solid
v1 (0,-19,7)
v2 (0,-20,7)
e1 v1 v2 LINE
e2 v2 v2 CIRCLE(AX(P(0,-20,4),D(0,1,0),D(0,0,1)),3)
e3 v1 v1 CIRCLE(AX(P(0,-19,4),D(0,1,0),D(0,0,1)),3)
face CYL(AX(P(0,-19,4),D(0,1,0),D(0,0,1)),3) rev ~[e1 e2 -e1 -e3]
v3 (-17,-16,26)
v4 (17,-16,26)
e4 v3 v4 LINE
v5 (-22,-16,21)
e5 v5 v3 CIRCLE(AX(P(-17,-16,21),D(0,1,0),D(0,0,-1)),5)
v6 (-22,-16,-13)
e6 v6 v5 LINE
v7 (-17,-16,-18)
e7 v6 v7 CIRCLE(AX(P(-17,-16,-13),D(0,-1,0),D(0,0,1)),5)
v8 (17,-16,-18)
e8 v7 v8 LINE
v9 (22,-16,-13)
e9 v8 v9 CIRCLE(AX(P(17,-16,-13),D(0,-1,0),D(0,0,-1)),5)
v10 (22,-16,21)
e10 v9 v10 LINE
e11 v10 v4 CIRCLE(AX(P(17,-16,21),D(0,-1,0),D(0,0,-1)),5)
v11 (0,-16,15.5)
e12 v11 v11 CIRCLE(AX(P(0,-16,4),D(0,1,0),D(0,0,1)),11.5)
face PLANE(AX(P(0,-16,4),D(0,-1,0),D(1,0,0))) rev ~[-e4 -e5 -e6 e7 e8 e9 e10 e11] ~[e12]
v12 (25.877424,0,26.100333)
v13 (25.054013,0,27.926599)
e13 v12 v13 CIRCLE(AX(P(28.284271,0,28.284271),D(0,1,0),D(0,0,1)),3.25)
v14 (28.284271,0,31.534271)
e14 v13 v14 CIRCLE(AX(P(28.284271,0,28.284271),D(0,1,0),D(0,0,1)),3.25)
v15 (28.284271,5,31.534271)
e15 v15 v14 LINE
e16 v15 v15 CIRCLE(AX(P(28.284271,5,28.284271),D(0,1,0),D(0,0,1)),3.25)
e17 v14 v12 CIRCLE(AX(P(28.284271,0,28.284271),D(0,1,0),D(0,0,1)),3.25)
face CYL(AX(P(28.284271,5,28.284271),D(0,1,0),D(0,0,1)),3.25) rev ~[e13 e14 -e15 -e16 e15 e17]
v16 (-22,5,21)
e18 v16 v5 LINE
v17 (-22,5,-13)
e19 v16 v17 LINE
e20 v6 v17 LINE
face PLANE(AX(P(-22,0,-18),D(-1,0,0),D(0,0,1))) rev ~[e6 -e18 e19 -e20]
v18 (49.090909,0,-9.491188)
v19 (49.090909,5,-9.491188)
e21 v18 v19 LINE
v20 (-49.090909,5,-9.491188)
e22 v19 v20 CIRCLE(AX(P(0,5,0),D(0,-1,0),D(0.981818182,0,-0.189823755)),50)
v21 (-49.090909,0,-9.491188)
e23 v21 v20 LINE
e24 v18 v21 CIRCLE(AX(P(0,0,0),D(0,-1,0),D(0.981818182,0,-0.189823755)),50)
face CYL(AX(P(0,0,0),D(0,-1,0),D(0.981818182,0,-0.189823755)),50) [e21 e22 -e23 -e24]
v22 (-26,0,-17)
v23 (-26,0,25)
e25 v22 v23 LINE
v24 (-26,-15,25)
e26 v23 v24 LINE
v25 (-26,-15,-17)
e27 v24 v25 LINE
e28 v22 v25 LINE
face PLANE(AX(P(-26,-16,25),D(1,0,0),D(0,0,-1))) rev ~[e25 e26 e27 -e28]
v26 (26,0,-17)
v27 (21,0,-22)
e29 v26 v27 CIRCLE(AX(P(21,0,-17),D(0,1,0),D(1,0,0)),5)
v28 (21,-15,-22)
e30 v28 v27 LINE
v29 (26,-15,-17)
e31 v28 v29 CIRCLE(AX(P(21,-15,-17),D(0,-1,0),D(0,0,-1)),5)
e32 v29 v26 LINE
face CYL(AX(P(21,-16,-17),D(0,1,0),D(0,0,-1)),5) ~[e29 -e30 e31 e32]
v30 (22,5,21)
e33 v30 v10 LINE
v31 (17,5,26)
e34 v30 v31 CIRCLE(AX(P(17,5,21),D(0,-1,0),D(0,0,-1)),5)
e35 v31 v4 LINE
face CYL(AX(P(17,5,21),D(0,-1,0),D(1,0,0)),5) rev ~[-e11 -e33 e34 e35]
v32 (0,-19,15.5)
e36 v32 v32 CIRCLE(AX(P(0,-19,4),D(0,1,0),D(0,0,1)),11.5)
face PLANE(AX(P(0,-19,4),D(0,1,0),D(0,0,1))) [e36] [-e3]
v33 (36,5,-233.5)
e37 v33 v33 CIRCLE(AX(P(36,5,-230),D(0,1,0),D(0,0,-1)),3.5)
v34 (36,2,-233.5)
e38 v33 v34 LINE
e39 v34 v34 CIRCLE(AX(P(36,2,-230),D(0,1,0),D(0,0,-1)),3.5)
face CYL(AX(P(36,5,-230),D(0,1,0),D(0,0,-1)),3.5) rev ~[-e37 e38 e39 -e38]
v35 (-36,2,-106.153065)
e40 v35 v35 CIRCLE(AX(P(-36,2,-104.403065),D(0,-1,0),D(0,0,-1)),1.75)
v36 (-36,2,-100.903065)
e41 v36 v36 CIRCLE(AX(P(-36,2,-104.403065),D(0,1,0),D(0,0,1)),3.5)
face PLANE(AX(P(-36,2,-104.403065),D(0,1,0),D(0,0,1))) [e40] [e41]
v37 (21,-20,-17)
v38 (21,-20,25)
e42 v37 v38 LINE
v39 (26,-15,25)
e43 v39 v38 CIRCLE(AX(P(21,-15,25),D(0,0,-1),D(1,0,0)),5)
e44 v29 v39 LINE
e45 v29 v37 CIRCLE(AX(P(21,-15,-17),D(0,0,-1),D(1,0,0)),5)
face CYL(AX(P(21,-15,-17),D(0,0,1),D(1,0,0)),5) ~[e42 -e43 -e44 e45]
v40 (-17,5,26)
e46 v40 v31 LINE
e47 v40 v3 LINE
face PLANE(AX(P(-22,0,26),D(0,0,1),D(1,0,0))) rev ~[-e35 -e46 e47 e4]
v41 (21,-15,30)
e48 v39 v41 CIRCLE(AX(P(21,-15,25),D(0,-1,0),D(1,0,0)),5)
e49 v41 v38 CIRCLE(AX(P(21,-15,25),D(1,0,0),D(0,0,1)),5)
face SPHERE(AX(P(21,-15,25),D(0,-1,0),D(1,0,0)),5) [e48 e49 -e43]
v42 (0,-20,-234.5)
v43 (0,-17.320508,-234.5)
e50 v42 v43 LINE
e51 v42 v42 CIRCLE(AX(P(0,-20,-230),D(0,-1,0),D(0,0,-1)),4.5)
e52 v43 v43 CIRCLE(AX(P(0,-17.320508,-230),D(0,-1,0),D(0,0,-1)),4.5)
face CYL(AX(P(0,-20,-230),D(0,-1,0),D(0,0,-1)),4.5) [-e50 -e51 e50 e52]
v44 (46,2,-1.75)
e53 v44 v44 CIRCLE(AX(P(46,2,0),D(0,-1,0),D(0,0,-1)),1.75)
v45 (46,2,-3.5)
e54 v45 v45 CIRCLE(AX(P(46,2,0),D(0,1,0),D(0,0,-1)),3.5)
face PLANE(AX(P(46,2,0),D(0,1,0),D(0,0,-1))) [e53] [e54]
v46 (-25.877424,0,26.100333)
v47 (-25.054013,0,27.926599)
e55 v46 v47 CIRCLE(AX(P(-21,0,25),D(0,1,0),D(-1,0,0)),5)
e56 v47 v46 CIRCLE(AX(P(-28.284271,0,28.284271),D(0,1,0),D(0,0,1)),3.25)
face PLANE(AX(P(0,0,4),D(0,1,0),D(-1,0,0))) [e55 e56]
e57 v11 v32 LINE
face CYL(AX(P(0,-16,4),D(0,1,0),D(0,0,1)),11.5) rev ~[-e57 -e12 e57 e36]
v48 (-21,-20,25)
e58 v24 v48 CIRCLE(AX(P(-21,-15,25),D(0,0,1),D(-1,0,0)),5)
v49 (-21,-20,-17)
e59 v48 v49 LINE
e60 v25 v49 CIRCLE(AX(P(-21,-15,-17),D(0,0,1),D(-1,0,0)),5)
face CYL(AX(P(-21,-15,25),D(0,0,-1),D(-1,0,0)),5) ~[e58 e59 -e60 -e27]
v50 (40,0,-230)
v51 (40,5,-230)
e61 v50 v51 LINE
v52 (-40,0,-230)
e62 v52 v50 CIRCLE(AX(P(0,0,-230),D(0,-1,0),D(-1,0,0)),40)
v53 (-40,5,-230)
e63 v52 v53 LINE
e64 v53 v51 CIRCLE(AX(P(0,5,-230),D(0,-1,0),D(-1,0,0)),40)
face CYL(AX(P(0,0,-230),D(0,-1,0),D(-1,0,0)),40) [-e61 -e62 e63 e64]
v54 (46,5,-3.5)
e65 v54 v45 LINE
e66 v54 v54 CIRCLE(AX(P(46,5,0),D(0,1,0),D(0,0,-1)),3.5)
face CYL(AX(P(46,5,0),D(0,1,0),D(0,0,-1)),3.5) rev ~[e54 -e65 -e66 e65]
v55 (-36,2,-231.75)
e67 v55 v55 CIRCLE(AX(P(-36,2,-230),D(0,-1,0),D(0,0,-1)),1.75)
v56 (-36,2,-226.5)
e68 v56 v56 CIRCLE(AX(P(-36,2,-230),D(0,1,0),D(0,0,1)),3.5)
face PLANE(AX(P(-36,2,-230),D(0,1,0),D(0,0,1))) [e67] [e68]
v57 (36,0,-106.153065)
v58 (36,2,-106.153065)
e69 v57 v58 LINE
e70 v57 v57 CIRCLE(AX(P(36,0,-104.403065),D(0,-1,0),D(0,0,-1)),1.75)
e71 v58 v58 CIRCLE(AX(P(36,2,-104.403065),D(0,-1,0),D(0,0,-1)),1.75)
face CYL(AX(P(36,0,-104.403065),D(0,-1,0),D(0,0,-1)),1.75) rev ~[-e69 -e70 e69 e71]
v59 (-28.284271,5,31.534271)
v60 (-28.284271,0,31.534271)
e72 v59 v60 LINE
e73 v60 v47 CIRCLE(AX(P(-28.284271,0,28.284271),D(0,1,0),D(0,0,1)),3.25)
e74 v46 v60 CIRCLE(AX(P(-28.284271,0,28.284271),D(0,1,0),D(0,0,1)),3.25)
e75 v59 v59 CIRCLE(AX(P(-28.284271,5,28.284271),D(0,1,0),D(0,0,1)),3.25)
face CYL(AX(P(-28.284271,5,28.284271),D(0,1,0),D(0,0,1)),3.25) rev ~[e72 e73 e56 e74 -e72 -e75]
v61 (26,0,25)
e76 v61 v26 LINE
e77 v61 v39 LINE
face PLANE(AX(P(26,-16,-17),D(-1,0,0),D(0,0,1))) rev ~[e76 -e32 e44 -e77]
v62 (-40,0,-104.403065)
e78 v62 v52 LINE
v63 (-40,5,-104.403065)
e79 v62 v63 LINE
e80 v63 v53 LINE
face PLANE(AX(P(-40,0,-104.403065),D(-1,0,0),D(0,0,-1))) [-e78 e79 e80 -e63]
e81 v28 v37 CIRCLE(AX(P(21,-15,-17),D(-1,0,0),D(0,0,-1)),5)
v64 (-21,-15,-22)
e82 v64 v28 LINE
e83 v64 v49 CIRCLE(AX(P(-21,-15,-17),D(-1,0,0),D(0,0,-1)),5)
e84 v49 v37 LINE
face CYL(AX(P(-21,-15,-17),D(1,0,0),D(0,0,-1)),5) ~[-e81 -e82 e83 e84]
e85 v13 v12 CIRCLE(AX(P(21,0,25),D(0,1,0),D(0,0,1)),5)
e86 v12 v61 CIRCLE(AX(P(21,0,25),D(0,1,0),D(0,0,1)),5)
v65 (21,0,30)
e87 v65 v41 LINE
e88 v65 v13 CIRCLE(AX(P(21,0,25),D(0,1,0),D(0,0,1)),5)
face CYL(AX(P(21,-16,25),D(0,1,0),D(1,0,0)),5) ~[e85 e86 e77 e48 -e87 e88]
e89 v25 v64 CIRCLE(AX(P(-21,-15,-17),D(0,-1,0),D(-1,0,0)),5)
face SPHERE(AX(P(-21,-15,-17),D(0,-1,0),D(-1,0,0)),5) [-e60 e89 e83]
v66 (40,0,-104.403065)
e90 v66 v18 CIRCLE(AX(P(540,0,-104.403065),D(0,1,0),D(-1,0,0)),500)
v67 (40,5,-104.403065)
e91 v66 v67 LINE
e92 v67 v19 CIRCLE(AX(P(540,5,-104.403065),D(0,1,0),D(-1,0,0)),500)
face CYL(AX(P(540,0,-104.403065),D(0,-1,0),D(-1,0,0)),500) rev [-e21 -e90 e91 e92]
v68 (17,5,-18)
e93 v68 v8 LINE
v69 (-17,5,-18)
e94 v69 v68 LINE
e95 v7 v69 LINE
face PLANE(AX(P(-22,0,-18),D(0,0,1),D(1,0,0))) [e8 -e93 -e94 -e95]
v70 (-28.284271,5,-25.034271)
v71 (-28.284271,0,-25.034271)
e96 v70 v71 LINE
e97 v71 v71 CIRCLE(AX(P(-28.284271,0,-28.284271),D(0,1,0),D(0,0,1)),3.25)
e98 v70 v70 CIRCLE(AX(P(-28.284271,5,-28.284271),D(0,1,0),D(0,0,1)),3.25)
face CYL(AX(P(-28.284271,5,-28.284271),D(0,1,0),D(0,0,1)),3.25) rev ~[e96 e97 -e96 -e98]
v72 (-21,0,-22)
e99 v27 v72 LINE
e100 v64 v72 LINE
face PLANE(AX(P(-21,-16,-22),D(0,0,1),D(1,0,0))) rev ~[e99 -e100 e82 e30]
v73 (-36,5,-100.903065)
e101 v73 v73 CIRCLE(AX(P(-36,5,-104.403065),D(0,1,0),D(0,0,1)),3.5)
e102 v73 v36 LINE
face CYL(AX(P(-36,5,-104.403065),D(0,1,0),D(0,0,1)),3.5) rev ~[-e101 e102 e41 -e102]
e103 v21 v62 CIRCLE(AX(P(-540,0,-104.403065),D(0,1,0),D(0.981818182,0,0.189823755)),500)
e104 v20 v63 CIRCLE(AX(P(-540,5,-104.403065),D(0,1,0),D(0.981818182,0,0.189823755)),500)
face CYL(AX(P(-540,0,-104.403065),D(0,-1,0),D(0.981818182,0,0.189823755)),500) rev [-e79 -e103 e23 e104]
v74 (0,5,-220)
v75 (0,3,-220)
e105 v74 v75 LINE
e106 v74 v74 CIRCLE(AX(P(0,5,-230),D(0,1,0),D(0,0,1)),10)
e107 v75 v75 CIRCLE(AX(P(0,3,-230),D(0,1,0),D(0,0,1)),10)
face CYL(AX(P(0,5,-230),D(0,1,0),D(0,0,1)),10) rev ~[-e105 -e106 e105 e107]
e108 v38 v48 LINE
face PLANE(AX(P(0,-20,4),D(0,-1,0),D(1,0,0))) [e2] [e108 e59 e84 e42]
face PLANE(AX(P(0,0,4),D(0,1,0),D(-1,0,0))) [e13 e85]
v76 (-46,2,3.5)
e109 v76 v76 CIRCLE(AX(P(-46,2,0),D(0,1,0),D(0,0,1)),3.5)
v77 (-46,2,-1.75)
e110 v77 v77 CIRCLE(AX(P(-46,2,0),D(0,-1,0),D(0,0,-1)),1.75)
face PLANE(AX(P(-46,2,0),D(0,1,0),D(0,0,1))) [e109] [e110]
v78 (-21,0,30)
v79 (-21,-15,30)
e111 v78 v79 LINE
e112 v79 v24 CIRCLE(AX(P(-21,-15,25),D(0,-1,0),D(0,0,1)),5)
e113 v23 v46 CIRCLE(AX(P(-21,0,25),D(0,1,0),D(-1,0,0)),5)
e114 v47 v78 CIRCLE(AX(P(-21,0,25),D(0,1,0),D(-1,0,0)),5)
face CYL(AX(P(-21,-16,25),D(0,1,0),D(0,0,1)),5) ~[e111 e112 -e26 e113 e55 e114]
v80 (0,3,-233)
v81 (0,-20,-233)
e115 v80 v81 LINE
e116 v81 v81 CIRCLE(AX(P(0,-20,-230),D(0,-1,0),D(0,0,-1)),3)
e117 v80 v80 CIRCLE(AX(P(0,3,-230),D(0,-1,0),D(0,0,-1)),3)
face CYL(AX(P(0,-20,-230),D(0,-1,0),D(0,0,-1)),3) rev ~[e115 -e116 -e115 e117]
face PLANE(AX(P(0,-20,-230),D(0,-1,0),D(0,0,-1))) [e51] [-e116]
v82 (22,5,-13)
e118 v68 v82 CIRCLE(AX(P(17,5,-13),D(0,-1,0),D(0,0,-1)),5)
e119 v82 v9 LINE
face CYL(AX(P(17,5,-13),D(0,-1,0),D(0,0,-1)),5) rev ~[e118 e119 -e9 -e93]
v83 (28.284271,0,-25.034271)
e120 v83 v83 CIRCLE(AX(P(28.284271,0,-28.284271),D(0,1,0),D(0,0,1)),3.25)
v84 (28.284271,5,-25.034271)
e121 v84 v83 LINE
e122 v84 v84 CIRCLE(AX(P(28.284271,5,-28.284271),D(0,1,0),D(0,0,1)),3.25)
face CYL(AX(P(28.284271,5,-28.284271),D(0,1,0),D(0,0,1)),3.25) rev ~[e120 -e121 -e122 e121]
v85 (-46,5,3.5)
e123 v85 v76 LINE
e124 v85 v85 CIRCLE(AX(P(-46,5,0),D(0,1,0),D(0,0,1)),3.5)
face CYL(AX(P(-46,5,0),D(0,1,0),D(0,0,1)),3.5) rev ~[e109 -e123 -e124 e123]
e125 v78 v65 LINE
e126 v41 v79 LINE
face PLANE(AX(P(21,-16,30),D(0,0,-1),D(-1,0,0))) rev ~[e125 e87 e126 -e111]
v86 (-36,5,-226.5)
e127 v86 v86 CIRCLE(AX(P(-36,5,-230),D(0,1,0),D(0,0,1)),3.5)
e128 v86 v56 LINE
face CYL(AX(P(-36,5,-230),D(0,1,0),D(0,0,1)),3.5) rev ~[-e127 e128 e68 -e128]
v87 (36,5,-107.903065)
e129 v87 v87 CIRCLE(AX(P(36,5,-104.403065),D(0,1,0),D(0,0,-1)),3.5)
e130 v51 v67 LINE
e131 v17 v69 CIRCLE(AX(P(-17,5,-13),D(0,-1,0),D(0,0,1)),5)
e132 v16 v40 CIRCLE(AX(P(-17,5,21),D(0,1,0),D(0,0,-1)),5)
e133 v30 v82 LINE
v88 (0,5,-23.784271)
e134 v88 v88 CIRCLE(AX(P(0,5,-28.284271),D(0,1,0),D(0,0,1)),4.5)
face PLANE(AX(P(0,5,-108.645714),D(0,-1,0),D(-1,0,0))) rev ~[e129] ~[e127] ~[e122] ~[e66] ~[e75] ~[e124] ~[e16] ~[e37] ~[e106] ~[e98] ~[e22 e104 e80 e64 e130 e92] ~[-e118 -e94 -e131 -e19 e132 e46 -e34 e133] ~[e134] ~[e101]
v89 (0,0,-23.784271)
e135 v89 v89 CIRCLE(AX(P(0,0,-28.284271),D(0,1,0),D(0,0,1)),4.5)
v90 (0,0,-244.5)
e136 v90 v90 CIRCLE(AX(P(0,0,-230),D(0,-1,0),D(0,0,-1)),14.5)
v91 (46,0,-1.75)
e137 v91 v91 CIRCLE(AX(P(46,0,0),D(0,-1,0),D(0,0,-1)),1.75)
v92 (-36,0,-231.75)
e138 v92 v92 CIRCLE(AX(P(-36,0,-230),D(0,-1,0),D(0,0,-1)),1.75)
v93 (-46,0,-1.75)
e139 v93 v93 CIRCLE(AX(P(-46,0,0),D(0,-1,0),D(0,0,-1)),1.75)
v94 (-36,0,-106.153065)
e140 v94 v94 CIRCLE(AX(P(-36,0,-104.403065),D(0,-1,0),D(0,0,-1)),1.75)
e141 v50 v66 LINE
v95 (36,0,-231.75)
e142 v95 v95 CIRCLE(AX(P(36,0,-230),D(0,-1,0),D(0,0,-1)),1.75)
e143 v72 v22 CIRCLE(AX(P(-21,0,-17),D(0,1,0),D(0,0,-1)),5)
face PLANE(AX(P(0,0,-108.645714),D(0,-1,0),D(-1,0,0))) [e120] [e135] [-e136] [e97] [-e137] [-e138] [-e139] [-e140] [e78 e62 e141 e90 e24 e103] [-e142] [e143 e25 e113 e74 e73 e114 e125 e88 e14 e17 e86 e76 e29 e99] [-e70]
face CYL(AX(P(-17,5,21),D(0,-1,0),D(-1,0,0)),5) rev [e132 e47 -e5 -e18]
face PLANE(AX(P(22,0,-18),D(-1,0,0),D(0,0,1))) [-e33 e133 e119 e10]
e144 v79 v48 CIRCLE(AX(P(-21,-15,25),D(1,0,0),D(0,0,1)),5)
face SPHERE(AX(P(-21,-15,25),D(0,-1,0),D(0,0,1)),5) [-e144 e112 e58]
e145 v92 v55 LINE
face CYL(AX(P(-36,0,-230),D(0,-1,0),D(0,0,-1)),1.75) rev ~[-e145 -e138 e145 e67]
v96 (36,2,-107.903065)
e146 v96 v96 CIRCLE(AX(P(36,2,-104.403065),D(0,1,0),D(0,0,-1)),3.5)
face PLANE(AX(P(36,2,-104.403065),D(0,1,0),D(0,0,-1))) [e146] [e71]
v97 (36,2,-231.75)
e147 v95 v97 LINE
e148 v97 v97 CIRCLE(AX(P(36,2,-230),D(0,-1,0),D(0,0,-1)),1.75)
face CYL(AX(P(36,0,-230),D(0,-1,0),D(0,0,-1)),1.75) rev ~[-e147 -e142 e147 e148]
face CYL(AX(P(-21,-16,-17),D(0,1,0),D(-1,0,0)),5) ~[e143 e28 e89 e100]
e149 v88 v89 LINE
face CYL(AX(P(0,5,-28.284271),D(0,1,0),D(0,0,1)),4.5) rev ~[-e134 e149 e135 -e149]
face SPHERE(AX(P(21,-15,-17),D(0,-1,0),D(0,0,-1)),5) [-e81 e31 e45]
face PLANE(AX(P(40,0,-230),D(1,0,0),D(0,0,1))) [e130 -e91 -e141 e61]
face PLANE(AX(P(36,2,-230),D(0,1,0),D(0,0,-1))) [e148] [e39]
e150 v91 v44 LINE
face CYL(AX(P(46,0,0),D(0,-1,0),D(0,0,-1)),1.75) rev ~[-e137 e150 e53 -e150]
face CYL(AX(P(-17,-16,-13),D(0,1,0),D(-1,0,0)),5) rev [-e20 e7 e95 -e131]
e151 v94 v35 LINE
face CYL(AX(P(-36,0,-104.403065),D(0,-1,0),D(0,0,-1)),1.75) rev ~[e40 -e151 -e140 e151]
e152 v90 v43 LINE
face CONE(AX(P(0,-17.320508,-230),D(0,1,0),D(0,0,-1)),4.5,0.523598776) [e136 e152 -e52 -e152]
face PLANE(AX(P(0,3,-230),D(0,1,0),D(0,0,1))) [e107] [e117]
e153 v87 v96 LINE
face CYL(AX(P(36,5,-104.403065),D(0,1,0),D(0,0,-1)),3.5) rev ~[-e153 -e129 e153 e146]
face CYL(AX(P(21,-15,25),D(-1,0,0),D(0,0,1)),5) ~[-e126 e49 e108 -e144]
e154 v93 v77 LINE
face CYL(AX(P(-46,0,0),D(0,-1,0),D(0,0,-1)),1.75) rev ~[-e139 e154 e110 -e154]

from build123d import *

# Parameters (mm, degrees)
EXTRUDE_1_DEPTH      = 5
SKETCH_2_R           = 3.25
CUT_EXTRUDE_1_DEPTH  = 5
SKETCH_10_R          = 1.75
CUT_EXTRUDE_8_DEPTH  = 45
SKETCH_11_R          = 3.5
CUT_EXTRUDE_9_DEPTH  = 3
SKETCH_12_W          = 44
SKETCH_12_H          = 44
CUT_EXTRUDE_10_DEPTH = 5
SKETCH_13_W          = 44
SKETCH_13_H          = 44
EXTRUDE_2_DEPTH      = 16
EXTRUDE_3_DEPTH      = 4
FILLET_1_R           = 5
SKETCH_16_R          = 11.5
CUT_EXTRUDE_11_DEPTH = 3
SKETCH_17_R          = 3
CUT_EXTRUDE_12_DEPTH = 3
FILLET_2_R           = 5
SKETCH_20_R          = 3
CUT_EXTRUDE_14_DEPTH = 39
EXTRUDE_START        = 20
SKETCH_21_R          = 4.5
SKETCH_21_R_2        = 3
EXTRUDE_4_DEPTH      = 20
CHAMFER_1_SIZE       = 10
CHAMFER_1_SIZE2      = 17.320508076
SKETCH_22_R          = 10
CUT_EXTRUDE_15_DEPTH = 2
SKETCH_23_R          = 4.5
CUT_EXTRUDE_16_DEPTH = 5


with BuildPart() as part:
    # 草图1 → 凸台-拉伸1 (new body)
    with BuildSketch(Plane(origin=(0, 0, 0), x_dir=(1, 0, 0), z_dir=(0, 1, 0))):
        with BuildLine():
            Line((-40, 104.403065089), (-40, 230))
            ThreePointArc((-40, 230), (0, 270), (40, 230))
            Line((40, 230), (40, 104.403065089))
            ThreePointArc((40, 104.403065089), (42.277916175, 56.729935627), (49.090909091, 9.491187735))
            ThreePointArc((49.090909091, 9.491187735), (0, -50), (-49.090909091, 9.491187735))
            ThreePointArc((-49.090909091, 9.491187735), (-42.277916175, 56.729935627), (-40, 104.403065089))
        make_face()
    extrude(amount=EXTRUDE_1_DEPTH)

    # 草图2 → 切除-拉伸1 (cut)
    with BuildSketch(Plane(origin=(0, 5, 0), x_dir=(1, 0, 0), z_dir=(0, 1, 0))):
        with Locations(Location((28.284271247, 28.284271247, 0), (0, 0, 270))):
            Circle(SKETCH_2_R)
        with Locations(Location((28.284271247, -28.284271247, 0), (0, 0, 270))):
            Circle(SKETCH_2_R)
        with Locations(Location((-28.284271247, -28.284271247, 0), (0, 0, 270))):
            Circle(SKETCH_2_R)
        with Locations(Location((-28.284271247, 28.284271247, 0), (0, 0, 270))):
            Circle(SKETCH_2_R)
    extrude(amount=-CUT_EXTRUDE_1_DEPTH, mode=Mode.SUBTRACT)

    # 草图10 → 切除-拉伸8 (cut)
    with BuildSketch(Plane.XZ):
        with Locations(Location((46, 0, 0), (0, 0, 270))):
            Circle(SKETCH_10_R)
        with Locations(Location((36, -104.403065089, 0), (0, 0, 270))):
            Circle(SKETCH_10_R)
        with Locations(Location((36, -230, 0), (0, 0, 270))):
            Circle(SKETCH_10_R)
        with Locations(Location((-36, -230, 0), (0, 0, 270))):
            Circle(SKETCH_10_R)
        with Locations(Location((-36, -104.403065089, 0), (0, 0, 270))):
            Circle(SKETCH_10_R)
        with Locations(Location((-46, 0, 0), (0, 0, 270))):
            Circle(SKETCH_10_R)
    extrude(amount=-CUT_EXTRUDE_8_DEPTH, mode=Mode.SUBTRACT)

    # 草图11 → 切除-拉伸9 (cut)
    with BuildSketch(Plane(origin=(0, 5, 0), x_dir=(1, 0, 0), z_dir=(0, 1, 0))):
        with Locations(Location((-36, 230, 0), (0, 0, 270))):
            Circle(SKETCH_11_R)
        with Locations(Location((-36, 104.403065089, 0), (0, 0, 270))):
            Circle(SKETCH_11_R)
        with Locations(Location((-46, 0, 0), (0, 0, 270))):
            Circle(SKETCH_11_R)
        with Locations(Location((46, 0, 0), (0, 0, 90))):
            Circle(SKETCH_11_R)
        with Locations(Location((36, 104.403065089, 0), (0, 0, 90))):
            Circle(SKETCH_11_R)
        with Locations(Location((36, 230, 0), (0, 0, 90))):
            Circle(SKETCH_11_R)
    extrude(amount=-CUT_EXTRUDE_9_DEPTH, mode=Mode.SUBTRACT)

    # 草图12 → 切除-拉伸10 (cut)
    with BuildSketch(Plane(origin=(0, 5, 0), x_dir=(1, 0, 0), z_dir=(0, 1, 0))):
        with Locations((0, -4)):
            Rectangle(SKETCH_12_W, SKETCH_12_H)
    extrude(amount=-CUT_EXTRUDE_10_DEPTH, mode=Mode.SUBTRACT)

    # 草图13 → 凸台-拉伸2 (add)
    with BuildSketch(Plane.XZ):
        with BuildLine():
            Line((-21, 30), (21, 30))
            ThreePointArc((21, 30), (24.535533906, 28.535533906), (26, 25))
            Line((26, 25), (26, -17))
            ThreePointArc((26, -17), (24.535533906, -20.535533906), (21, -22))
            Line((21, -22), (-21, -22))
            ThreePointArc((-21, -22), (-24.535533906, -20.535533906), (-26, -17))
            Line((-26, -17), (-26, 25))
            ThreePointArc((-26, 25), (-24.535533906, 28.535533906), (-21, 30))
        make_face()
        with Locations((0, 4)):
            Rectangle(SKETCH_13_W, SKETCH_13_H, mode=Mode.SUBTRACT)
    extrude(amount=EXTRUDE_2_DEPTH)

    # 草图15 → 凸台-拉伸3 (add)
    with BuildSketch(Plane.XZ.offset(16)):
        with BuildLine():
            Line((26, -17), (26, 25))
            ThreePointArc((26, 25), (24.535533906, 28.535533906), (21, 30))
            Line((21, 30), (-21, 30))
            ThreePointArc((-21, 30), (-24.535533906, 28.535533906), (-26, 25))
            Line((-26, 25), (-26, -17))
            ThreePointArc((-26, -17), (-24.535533906, -20.535533906), (-21, -22))
            Line((-21, -22), (21, -22))
            ThreePointArc((21, -22), (24.535533906, -20.535533906), (26, -17))
        make_face()
    extrude(amount=EXTRUDE_3_DEPTH)

    # 圆角1
    fillet_1_edges = [part.edges().sort_by_distance(p)[0] for p in [
        (24.535533906, -20, 28.535533906),
        (0, -20, 30),
        (-24.535533906, -20, 28.535533906),
        (-26, -20, 4),
        (-24.535533906, -20, -20.535533906),
        (0, -20, -22),
        (24.535533906, -20, -20.535533906),
        (26, -20, 4),
    ]]
    fillet(fillet_1_edges, radius=FILLET_1_R)

    # 草图16 → 切除-拉伸11 (cut)
    with BuildSketch(Plane(origin=(0, -16, 0), x_dir=(1, 0, 0), z_dir=(0, 1, 0))):
        with Locations(Location((0, -4, 0), (0, 0, 270))):
            Circle(SKETCH_16_R)
    extrude(amount=-CUT_EXTRUDE_11_DEPTH, mode=Mode.SUBTRACT)

    # 草图17 → 切除-拉伸12 (cut)
    with BuildSketch(Plane(origin=(0, -19, 0), x_dir=(1, 0, 0), z_dir=(0, 1, 0))):
        with Locations(Location((0, -4, 0), (0, 0, 270))):
            Circle(SKETCH_17_R)
    extrude(amount=-CUT_EXTRUDE_12_DEPTH, mode=Mode.SUBTRACT)

    # 圆角2
    fillet_2_edges = [part.edges().sort_by_distance(p)[0] for p in [
        (22, -5.5, -18),
        (22, -5.5, 26),
        (-22, -5.5, 26),
        (-22, -5.5, -18),
    ]]
    fillet(fillet_2_edges, radius=FILLET_2_R)

    # 草图20 → 切除-拉伸14 (cut)
    with BuildSketch(Plane.XZ):
        with Locations(Location((0, -230, 0), (0, 0, 270))):
            Circle(SKETCH_20_R)
    extrude(amount=-CUT_EXTRUDE_14_DEPTH, mode=Mode.SUBTRACT)

    # 草图21 → 凸台-拉伸4 (add)
    with BuildSketch(Plane.XZ.offset(EXTRUDE_START)):
        with Locations(Location((0, -230, 0), (0, 0, 270))):
            Circle(SKETCH_21_R)
        with Locations(Location((0, -230, 0), (0, 0, 270))):
            Circle(SKETCH_21_R_2, mode=Mode.SUBTRACT)
    extrude(amount=-EXTRUDE_4_DEPTH)

    # 倒角1
    chamfer_1_edges = [part.edges().sort_by_distance(p)[0] for p in [
        (0, 0, -225.5),
    ]]
    chamfer_1_side = [part.faces().sort_by_distance(p)[0] for p in [
        (0, 0, -117.507600063),
    ]]
    chamfer(chamfer_1_edges, length=CHAMFER_1_SIZE, length2=CHAMFER_1_SIZE2, reference=chamfer_1_side[0])

    # 草图22 → 切除-拉伸15 (cut)
    with BuildSketch(Plane(origin=(0, 5, 0), x_dir=(1, 0, 0), z_dir=(0, 1, 0))):
        with Locations(Location((0, 230, 0), (0, 0, 270))):
            Circle(SKETCH_22_R)
    extrude(amount=-CUT_EXTRUDE_15_DEPTH, mode=Mode.SUBTRACT)

    # 草图23 → 切除-拉伸16 (cut)
    with BuildSketch(Plane(origin=(0, 5, 0), x_dir=(1, 0, 0), z_dir=(0, 1, 0))):
        with Locations(Location((0, 28.284271247, 0), (0, 0, 270))):
            Circle(SKETCH_23_R)
    extrude(amount=-CUT_EXTRUDE_16_DEPTH, mode=Mode.SUBTRACT)


solid = part.part
